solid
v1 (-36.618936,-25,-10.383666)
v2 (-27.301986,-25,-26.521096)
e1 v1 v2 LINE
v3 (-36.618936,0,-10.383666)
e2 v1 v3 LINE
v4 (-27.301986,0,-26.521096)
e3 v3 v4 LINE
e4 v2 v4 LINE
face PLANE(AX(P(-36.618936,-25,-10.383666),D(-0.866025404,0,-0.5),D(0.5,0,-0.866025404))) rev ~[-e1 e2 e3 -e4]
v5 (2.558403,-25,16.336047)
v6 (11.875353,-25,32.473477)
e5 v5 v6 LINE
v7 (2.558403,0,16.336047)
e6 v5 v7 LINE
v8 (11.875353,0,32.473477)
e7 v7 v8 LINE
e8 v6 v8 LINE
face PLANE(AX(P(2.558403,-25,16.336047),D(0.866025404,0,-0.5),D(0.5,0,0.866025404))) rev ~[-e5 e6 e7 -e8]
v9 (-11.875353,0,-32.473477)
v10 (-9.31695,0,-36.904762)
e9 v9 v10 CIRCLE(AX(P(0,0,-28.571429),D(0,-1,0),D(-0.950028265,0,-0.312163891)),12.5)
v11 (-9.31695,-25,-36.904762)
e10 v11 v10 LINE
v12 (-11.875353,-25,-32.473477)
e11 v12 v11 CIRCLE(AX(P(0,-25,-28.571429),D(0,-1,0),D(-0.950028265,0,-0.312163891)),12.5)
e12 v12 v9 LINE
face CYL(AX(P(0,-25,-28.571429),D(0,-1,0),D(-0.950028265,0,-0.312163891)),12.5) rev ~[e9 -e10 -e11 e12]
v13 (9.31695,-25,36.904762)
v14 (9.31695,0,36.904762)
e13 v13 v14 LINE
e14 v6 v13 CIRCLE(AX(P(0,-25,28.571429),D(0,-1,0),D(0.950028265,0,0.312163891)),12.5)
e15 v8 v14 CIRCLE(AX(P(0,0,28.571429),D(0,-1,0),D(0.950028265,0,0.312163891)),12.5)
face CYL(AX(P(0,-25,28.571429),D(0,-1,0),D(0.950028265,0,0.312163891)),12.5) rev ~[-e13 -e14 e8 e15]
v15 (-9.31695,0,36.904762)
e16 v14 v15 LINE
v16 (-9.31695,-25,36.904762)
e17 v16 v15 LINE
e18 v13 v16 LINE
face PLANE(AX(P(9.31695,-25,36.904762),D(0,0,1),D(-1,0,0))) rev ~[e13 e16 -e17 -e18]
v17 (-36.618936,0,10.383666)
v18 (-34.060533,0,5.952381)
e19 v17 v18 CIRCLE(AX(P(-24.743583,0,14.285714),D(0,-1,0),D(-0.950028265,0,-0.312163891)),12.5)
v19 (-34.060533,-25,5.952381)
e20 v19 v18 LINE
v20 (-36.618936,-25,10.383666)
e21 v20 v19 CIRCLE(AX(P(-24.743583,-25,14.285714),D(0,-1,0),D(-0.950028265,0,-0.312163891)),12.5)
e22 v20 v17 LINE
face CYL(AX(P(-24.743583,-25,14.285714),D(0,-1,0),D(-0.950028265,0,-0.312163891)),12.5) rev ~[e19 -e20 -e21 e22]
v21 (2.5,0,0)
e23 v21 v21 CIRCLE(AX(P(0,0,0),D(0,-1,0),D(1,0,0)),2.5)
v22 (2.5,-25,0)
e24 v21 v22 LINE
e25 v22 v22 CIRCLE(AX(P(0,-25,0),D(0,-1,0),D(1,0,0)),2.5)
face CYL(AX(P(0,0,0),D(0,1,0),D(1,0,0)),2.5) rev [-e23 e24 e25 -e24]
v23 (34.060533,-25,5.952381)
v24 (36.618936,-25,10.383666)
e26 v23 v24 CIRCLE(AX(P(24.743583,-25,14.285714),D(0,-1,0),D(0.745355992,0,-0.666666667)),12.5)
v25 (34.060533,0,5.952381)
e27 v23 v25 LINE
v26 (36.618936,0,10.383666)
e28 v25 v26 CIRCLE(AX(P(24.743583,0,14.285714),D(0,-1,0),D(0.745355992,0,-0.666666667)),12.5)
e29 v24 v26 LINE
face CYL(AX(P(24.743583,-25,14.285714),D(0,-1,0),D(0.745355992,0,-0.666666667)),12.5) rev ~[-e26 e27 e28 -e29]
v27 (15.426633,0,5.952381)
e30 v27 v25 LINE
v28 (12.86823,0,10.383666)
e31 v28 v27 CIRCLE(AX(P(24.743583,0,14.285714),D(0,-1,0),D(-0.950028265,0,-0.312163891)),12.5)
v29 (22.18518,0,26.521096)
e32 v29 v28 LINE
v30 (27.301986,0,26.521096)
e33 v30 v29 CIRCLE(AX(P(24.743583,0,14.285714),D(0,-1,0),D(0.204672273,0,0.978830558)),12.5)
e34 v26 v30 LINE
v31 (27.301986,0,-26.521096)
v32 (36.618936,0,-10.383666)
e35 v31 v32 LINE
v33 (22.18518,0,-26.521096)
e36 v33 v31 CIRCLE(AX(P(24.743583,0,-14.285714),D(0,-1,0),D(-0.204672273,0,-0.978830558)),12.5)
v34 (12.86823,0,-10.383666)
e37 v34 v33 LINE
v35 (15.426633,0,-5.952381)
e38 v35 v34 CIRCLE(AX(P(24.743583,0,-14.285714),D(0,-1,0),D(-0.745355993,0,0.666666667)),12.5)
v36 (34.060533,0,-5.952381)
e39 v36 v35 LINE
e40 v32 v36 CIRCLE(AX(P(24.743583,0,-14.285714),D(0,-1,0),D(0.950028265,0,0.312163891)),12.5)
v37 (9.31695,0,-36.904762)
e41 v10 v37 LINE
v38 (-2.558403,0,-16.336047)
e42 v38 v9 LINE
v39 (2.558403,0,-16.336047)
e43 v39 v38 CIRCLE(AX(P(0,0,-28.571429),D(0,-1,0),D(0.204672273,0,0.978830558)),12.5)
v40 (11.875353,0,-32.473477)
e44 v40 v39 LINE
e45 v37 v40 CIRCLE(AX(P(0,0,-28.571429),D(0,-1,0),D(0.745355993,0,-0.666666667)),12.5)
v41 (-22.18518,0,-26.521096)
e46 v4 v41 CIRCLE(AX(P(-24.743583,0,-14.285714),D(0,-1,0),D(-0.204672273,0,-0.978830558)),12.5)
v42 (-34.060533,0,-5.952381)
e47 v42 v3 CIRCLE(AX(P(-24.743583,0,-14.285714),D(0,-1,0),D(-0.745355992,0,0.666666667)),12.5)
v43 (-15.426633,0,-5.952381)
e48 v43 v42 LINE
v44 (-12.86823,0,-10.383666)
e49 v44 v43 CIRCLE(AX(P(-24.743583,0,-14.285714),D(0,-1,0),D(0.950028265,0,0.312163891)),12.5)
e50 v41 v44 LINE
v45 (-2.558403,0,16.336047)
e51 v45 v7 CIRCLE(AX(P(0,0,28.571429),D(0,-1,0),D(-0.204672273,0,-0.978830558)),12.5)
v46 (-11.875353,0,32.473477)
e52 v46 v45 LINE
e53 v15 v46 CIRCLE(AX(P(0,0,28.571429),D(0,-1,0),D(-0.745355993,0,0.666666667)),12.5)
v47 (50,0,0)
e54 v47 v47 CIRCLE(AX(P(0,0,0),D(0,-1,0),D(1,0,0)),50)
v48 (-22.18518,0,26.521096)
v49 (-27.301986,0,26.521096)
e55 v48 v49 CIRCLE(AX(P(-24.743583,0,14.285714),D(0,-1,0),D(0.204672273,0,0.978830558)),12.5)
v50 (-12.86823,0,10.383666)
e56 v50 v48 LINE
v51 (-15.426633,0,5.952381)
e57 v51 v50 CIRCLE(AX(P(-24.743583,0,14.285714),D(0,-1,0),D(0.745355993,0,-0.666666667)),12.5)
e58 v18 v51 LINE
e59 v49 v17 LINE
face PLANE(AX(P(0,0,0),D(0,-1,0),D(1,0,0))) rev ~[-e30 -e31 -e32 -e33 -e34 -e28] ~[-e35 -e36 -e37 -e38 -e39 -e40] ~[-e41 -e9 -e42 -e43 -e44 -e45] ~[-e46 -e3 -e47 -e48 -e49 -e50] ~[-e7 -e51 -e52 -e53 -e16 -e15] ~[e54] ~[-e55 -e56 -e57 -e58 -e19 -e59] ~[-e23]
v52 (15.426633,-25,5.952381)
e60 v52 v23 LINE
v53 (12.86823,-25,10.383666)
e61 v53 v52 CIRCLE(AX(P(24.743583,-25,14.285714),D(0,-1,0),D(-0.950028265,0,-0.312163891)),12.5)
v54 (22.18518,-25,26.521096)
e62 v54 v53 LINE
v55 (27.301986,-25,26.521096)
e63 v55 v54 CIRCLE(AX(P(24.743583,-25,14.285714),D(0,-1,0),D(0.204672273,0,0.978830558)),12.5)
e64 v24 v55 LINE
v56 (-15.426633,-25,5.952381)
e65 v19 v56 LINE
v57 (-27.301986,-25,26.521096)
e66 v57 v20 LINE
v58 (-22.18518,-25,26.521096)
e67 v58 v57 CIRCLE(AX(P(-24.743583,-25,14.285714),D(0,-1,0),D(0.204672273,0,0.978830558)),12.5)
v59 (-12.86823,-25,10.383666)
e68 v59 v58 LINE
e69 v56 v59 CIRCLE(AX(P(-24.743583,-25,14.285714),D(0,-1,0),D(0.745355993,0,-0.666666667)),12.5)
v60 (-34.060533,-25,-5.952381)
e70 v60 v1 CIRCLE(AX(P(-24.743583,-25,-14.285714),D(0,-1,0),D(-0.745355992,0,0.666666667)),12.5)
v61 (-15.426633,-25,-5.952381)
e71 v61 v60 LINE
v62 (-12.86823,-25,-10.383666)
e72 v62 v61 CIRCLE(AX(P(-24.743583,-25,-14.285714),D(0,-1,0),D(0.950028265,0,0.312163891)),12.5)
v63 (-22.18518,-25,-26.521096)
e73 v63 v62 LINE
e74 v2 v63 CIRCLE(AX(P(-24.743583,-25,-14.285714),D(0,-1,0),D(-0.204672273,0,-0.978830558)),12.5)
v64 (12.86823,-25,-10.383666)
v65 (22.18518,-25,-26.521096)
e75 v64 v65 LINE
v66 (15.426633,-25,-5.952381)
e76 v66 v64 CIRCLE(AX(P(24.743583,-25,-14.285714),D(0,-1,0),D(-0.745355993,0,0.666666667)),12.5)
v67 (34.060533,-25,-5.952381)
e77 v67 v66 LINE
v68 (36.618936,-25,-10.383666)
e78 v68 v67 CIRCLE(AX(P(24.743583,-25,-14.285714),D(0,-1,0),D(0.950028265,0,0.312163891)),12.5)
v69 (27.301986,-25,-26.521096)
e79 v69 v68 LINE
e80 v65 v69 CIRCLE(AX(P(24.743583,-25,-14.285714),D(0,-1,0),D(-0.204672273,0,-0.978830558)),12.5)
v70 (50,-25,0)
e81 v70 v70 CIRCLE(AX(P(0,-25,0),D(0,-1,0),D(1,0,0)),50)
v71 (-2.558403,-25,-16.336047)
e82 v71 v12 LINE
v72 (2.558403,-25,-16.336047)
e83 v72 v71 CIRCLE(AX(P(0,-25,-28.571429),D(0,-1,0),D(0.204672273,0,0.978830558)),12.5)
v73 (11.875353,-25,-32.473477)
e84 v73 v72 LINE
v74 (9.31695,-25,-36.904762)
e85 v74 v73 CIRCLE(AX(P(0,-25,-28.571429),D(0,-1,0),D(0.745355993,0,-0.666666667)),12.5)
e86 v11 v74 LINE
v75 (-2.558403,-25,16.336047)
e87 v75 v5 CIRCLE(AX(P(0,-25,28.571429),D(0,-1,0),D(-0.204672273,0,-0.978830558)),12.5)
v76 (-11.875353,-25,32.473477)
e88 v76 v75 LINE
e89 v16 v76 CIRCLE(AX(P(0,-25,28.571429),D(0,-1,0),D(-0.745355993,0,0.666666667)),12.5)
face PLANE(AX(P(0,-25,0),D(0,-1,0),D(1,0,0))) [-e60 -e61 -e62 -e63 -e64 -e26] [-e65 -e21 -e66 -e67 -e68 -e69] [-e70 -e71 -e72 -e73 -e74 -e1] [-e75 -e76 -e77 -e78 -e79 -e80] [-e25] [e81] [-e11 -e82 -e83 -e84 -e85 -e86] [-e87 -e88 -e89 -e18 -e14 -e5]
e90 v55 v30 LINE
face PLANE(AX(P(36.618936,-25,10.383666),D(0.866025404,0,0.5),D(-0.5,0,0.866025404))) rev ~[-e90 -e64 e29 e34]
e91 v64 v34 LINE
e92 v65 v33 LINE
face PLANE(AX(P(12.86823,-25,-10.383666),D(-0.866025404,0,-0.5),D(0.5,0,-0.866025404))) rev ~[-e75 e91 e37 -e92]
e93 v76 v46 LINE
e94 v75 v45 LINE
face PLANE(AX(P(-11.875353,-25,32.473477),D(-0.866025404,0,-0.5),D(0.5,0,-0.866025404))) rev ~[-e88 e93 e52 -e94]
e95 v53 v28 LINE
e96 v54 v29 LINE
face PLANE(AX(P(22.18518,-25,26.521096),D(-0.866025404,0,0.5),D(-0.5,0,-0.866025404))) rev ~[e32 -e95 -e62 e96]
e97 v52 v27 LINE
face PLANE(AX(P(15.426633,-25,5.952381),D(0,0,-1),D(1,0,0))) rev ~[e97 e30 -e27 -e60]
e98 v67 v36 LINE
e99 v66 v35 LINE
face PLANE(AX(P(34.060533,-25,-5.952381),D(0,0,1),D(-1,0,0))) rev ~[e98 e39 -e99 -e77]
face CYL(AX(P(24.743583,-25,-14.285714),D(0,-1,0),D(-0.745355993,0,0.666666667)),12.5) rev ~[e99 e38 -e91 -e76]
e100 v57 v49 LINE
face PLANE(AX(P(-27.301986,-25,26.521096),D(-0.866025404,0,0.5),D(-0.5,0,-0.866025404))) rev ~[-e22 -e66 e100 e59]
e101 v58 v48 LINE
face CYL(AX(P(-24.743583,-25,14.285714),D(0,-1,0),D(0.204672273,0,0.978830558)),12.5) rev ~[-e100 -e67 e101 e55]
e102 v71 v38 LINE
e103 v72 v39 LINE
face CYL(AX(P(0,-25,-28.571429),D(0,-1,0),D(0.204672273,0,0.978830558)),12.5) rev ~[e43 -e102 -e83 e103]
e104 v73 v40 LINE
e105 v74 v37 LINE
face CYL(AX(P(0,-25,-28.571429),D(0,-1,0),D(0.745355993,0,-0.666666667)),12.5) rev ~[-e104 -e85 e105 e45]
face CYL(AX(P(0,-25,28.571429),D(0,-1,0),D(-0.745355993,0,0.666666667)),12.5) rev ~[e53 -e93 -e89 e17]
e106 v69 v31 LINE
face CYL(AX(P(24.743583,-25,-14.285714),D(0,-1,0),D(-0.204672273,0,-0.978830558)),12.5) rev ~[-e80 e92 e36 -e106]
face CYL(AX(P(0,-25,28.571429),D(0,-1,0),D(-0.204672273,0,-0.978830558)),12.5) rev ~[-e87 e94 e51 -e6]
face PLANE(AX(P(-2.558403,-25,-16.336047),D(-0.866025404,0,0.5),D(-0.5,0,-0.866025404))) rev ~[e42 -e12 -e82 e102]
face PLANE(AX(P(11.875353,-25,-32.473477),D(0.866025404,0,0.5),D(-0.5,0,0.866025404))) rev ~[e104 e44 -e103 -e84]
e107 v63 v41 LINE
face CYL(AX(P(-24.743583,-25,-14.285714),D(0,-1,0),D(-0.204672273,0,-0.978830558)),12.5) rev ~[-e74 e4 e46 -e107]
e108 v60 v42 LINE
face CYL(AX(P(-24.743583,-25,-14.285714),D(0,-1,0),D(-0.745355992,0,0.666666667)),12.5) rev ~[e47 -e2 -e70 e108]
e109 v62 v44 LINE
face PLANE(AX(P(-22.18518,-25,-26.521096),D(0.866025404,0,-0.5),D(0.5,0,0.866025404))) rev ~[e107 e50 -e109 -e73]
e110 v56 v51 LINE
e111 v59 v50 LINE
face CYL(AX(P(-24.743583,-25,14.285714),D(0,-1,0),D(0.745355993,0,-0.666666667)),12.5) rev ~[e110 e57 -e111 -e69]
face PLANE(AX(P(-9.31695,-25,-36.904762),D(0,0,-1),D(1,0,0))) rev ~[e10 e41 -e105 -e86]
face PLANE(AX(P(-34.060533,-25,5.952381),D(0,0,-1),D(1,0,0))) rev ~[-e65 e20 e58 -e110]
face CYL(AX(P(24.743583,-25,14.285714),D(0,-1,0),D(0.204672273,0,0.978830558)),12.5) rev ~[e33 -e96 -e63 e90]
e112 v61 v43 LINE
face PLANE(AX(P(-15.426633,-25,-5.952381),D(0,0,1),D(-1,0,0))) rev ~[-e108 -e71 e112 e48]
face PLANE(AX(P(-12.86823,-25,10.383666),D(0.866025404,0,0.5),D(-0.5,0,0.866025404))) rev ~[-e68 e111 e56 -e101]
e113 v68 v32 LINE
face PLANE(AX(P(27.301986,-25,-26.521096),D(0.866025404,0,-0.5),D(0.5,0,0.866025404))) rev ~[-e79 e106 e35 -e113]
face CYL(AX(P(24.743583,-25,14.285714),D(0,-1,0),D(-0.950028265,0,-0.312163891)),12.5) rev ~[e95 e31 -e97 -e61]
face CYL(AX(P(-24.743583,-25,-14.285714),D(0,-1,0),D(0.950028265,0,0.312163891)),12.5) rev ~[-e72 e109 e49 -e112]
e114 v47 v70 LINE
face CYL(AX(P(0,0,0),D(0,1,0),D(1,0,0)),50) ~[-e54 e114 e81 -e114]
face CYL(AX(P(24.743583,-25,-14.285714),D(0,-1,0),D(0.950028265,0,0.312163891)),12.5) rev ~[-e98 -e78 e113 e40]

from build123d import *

# Parameters (mm, degrees)
F0_R     = 50
F0_R_2   = 2.5
F1_DEPTH = 25
F3_DEPTH = 25


with BuildPart() as f1:
    # F0 (on Front) → F1 (new body)
    with BuildSketch(Plane.XZ):
        Circle(F0_R)
        Circle(F0_R_2, mode=Mode.SUBTRACT)
    extrude(amount=F1_DEPTH)

    # F2 (on face) → F3 (cut)
    with BuildSketch(Plane.XZ.offset(25)):
        with BuildLine():
            Line((2.5584034117, 16.3360466002), (11.875353318, 32.4734772094))
            ThreePointArc((11.875353318, 32.4734772094), (10.8253175473, 34.8214285714), (9.3169499062, 36.9047619048))
            Line((9.3169499062, 36.9047619048), (-9.3169499062, 36.9047619048))
            ThreePointArc((-9.3169499062, 36.9047619048), (-10.8253175473, 34.8214285714), (-11.875353318, 32.4734772094))
            Line((-11.875353318, 32.4734772094), (-2.5584034117, 16.3360466002))
            ThreePointArc((-2.5584034117, 16.3360466002), (0, 16.0714285714), (2.5584034117, 16.3360466002))
        make_face()
        with BuildLine():
            Line((36.6189362833, 10.3836656478), (27.301986377, 26.521096257))
            ThreePointArc((27.301986377, 26.521096257), (24.7435829653, 26.7857142857), (22.1851795535, 26.521096257))
            Line((22.1851795535, 26.521096257), (12.8682296473, 10.3836656478))
            ThreePointArc((12.8682296473, 10.3836656478), (13.918265418, 8.0357142857), (15.426633059, 5.9523809524))
            Line((15.426633059, 5.9523809524), (34.0605328715, 5.9523809524))
            ThreePointArc((34.0605328715, 5.9523809524), (35.5689005126, 8.0357142857), (36.6189362833, 10.3836656478))
        make_face()
        with BuildLine():
            Line((-27.301986377, 26.521096257), (-36.6189362833, 10.3836656478))
            ThreePointArc((-36.6189362833, 10.3836656478), (-35.5689005126, 8.0357142857), (-34.0605328715, 5.9523809524))
            Line((-34.0605328715, 5.9523809524), (-15.426633059, 5.9523809524))
            ThreePointArc((-15.426633059, 5.9523809524), (-13.918265418, 8.0357142857), (-12.8682296473, 10.3836656478))
            Line((-12.8682296473, 10.3836656478), (-22.1851795535, 26.521096257))
            ThreePointArc((-22.1851795535, 26.521096257), (-24.7435829653, 26.7857142857), (-27.301986377, 26.521096257))
        make_face()
        with BuildLine():
            Line((-22.1851795535, -26.521096257), (-12.8682296473, -10.3836656478))
            ThreePointArc((-12.8682296473, -10.3836656478), (-13.918265418, -8.0357142857), (-15.426633059, -5.9523809524))
            Line((-15.426633059, -5.9523809524), (-34.0605328715, -5.9523809524))
            ThreePointArc((-34.0605328715, -5.9523809524), (-35.5689005126, -8.0357142857), (-36.6189362833, -10.3836656478))
            Line((-36.6189362833, -10.3836656478), (-27.301986377, -26.521096257))
            ThreePointArc((-27.301986377, -26.521096257), (-24.7435829653, -26.7857142857), (-22.1851795535, -26.521096257))
        make_face()
        with BuildLine():
            Line((-9.3169499062, -36.9047619048), (9.3169499062, -36.9047619048))
            ThreePointArc((9.3169499062, -36.9047619048), (10.8253175473, -34.8214285714), (11.875353318, -32.4734772094))
            Line((11.875353318, -32.4734772094), (2.5584034117, -16.3360466002))
            ThreePointArc((2.5584034117, -16.3360466002), (0, -16.0714285714), (-2.5584034117, -16.3360466002))
            Line((-2.5584034117, -16.3360466002), (-11.875353318, -32.4734772094))
            ThreePointArc((-11.875353318, -32.4734772094), (-10.8253175473, -34.8214285714), (-9.3169499062, -36.9047619048))
        make_face()
        with BuildLine():
            Line((34.0605328715, -5.9523809524), (15.426633059, -5.9523809524))
            ThreePointArc((15.426633059, -5.9523809524), (13.918265418, -8.0357142857), (12.8682296473, -10.3836656478))
            Line((12.8682296473, -10.3836656478), (22.1851795535, -26.521096257))
            ThreePointArc((22.1851795535, -26.521096257), (24.7435829653, -26.7857142857), (27.301986377, -26.521096257))
            Line((27.301986377, -26.521096257), (36.6189362833, -10.3836656478))
            ThreePointArc((36.6189362833, -10.3836656478), (35.5689005126, -8.0357142857), (34.0605328715, -5.9523809524))
        make_face()
    extrude(amount=-F3_DEPTH, mode=Mode.SUBTRACT)


solid = f1.part
